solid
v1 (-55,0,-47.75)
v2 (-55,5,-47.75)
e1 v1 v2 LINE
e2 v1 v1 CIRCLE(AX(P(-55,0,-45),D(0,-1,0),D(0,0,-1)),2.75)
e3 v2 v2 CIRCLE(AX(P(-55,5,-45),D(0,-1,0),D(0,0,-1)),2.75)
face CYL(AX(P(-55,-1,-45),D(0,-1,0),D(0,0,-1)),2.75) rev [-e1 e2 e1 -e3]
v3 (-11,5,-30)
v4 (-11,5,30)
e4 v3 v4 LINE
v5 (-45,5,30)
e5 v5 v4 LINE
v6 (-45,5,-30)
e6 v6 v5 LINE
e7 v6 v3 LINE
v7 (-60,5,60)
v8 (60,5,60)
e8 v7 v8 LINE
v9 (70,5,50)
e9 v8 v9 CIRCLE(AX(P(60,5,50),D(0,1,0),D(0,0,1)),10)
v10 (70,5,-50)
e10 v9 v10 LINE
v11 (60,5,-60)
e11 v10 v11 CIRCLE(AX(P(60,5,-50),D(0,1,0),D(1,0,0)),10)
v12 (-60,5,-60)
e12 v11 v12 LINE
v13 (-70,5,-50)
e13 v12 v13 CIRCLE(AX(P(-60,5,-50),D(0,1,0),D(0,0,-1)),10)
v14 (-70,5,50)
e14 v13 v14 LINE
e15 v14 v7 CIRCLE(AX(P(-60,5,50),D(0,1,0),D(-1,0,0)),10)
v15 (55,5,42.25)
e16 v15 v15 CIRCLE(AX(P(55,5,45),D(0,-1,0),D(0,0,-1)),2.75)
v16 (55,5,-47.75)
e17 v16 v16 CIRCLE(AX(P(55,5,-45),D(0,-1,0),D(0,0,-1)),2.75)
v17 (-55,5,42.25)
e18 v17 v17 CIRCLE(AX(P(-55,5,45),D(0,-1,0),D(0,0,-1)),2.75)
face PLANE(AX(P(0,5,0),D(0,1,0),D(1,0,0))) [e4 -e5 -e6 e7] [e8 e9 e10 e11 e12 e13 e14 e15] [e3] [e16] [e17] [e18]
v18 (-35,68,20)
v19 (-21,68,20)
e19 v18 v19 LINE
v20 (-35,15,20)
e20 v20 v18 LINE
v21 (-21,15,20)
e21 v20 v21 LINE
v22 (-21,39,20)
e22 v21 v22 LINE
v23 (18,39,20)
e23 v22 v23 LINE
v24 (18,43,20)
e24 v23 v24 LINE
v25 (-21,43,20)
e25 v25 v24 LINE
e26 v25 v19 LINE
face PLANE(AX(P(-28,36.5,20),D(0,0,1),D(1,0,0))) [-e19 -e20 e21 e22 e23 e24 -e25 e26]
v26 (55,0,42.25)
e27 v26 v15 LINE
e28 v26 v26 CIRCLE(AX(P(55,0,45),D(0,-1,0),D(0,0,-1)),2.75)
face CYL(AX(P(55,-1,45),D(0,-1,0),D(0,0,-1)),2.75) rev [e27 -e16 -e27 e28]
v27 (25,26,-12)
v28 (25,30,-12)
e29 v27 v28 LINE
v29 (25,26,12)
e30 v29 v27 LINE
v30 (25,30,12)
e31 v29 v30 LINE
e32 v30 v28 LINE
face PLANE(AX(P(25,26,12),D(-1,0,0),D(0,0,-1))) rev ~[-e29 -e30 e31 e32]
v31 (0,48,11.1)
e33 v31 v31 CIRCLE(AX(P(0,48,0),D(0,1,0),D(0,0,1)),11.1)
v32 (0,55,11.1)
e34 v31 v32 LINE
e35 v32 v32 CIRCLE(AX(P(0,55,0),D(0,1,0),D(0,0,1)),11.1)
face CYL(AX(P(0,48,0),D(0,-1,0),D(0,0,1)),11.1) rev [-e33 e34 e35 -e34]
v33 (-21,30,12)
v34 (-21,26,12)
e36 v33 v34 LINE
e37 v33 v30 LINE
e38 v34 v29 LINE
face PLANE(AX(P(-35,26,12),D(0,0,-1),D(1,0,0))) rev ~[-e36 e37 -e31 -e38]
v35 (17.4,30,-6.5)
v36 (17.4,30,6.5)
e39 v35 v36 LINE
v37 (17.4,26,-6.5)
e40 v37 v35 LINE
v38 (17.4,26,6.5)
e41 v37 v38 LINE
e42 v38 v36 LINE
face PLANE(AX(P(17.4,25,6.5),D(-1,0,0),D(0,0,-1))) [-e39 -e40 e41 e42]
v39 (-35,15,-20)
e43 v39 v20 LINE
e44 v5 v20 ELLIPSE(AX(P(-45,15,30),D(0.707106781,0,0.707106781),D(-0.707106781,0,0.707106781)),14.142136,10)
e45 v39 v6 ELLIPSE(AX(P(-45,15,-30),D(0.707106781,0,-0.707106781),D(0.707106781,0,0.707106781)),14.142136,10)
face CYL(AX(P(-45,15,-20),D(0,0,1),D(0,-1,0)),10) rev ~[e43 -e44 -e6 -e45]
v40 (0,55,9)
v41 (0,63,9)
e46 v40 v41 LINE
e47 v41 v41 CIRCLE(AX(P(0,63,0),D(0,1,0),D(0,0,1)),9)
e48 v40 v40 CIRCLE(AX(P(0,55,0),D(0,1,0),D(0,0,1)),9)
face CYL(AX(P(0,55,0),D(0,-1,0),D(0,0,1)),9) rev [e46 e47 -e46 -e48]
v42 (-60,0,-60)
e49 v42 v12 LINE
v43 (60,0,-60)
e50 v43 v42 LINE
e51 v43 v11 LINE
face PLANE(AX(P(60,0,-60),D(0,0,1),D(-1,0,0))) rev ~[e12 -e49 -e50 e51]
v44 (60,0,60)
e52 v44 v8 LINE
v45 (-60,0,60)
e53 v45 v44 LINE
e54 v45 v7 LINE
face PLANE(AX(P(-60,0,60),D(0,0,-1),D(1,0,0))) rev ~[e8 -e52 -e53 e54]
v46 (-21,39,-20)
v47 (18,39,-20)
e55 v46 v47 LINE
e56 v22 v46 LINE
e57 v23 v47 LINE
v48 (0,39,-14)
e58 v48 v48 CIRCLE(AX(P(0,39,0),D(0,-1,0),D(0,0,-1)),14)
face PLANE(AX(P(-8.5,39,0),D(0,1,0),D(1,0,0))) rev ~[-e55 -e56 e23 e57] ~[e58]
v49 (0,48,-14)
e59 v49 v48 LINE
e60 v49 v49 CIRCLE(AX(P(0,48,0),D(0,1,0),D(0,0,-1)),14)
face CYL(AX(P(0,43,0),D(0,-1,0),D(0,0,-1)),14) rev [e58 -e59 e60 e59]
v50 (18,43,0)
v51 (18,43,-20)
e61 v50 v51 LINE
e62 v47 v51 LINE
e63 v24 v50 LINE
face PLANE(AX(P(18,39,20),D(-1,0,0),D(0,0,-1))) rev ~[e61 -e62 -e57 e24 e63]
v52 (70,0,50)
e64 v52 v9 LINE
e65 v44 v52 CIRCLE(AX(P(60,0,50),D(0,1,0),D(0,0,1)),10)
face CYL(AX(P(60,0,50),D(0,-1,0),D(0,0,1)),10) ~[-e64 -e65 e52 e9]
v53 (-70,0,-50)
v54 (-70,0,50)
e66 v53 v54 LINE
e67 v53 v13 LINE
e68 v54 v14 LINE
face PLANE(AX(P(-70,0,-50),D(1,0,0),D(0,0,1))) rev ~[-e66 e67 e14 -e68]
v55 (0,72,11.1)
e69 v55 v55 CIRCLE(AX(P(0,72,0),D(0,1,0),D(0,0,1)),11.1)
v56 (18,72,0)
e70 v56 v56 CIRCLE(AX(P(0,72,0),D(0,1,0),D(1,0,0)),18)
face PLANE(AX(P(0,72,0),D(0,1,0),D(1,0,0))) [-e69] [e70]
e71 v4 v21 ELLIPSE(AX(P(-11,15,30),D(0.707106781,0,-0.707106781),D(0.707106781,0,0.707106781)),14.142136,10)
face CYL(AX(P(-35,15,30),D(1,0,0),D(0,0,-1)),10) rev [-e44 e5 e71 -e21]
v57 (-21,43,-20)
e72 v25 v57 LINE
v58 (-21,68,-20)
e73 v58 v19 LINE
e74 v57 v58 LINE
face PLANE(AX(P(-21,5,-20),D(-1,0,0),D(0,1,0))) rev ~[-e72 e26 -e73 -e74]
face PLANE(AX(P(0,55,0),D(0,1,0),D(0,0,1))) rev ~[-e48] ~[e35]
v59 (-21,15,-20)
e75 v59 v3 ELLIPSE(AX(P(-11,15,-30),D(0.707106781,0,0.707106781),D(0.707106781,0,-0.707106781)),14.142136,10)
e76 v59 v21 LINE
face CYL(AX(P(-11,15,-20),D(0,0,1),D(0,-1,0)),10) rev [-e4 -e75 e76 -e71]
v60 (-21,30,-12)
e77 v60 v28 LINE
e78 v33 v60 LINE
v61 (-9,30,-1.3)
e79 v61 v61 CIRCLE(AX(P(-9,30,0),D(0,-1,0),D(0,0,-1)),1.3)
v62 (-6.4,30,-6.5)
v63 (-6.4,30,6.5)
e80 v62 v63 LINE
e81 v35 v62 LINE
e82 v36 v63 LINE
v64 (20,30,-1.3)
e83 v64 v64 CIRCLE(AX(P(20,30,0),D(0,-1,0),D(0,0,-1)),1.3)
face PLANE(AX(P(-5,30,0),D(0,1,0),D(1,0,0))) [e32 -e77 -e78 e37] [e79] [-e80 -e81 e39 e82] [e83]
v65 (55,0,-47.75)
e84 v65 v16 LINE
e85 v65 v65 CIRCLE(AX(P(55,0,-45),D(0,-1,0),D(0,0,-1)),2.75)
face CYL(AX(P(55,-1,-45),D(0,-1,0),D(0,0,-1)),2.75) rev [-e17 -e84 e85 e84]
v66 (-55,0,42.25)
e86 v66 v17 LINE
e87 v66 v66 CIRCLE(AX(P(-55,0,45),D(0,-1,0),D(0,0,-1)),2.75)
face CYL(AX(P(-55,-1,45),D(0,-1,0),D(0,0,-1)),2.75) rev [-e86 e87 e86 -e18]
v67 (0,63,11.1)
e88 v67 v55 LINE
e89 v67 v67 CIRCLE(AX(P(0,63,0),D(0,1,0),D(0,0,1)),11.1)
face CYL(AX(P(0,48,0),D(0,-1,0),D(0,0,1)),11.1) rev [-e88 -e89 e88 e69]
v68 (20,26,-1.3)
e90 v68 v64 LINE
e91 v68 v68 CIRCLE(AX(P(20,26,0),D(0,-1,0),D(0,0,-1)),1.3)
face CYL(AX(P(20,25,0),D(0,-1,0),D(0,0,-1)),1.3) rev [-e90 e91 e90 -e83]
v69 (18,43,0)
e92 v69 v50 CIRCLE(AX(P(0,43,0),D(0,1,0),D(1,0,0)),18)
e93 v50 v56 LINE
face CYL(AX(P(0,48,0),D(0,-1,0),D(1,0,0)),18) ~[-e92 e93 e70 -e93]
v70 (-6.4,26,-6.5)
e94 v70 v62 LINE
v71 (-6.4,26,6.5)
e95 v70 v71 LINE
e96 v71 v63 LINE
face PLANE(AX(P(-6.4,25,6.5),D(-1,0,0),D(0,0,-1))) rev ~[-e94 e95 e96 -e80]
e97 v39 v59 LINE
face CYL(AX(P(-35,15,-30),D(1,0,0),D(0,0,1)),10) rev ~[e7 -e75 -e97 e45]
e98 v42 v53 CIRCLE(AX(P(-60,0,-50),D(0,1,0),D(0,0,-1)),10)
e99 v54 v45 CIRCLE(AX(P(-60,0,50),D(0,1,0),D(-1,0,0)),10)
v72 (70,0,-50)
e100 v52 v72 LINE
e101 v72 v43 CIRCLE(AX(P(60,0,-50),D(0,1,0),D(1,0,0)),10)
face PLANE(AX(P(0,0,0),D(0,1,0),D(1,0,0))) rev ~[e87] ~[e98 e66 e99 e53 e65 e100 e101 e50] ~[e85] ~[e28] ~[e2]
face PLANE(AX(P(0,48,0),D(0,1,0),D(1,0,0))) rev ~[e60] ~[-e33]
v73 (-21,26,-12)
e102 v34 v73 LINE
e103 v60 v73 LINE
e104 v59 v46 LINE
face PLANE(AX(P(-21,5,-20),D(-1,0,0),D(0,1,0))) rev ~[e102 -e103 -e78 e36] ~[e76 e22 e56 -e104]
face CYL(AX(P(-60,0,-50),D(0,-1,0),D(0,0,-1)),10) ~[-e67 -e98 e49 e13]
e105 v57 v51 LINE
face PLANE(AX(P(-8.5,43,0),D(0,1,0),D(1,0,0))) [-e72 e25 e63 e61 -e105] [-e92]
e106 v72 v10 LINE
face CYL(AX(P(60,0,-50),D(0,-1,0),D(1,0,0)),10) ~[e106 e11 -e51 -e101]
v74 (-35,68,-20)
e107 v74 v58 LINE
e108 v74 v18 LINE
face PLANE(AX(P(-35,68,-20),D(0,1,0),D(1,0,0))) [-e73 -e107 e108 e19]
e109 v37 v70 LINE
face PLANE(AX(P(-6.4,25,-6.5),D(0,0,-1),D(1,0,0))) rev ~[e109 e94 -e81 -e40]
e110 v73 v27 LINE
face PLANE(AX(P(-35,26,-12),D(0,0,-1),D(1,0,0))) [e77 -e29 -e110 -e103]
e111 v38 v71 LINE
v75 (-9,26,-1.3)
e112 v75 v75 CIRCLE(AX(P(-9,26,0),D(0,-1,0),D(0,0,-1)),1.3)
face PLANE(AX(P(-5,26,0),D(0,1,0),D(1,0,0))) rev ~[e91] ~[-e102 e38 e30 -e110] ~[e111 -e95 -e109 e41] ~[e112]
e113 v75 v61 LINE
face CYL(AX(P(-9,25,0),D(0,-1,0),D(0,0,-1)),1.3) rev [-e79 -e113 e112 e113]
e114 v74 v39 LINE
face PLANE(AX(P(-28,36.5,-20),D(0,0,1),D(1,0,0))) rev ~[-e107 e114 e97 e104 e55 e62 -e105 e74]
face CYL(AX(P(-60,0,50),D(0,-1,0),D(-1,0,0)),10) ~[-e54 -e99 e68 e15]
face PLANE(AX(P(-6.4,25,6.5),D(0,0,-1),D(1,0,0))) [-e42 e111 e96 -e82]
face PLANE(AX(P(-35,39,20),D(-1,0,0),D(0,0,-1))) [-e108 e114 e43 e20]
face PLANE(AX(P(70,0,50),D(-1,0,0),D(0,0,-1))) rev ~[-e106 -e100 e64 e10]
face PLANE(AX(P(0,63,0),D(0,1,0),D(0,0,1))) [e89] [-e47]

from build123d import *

# Parameters (mm, degrees)
BENCH_FOOTPRINT_140X120_DEPTH           = 5
BACKBONE_START                          = -20
BACKBONE_PROFILE_W                      = 14
BACKBONE_PROFILE_H                      = 63
BACKBONE_DEPTH                          = 40
SERVO_SHELF_START                       = 26
SERVO_SHELF_PROFILE_W                   = 60
SERVO_SHELF_PROFILE_H                   = 24
SERVO_SHELF_DEPTH                       = 4
SERVO_BODY_WINDOW_START                 = 25
SERVO_BODY_WINDOW_PROFILE_W             = 23.8
SERVO_BODY_WINDOW_PROFILE_H             = 13
SERVO_BODY_WINDOW_DEPTH                 = 90.560027933
YAW_SERVO_FASTENERS_START               = 25
YAW_SERVO_FASTENERS_PROFILE_R           = 1.3
YAW_SERVO_FASTENERS_DEPTH               = 90.560027933
BEARING_BRIDGE_START                    = 39
BEARING_BRIDGE_PROFILE_W                = 53
BEARING_BRIDGE_PROFILE_H                = 40
BEARING_BRIDGE_DEPTH                    = 4
BRIDGE_HORN_CLEARANCE_START             = 38
BRIDGE_HORN_CLEARANCE_PROFILE_R         = 14
BRIDGE_HORN_CLEARANCE_DEPTH             = 77.560027933
DRIVE_COLLAR_CHAMBER_START              = 43
DRIVE_COLLAR_CHAMBER_PROFILE_R          = 18
DRIVE_COLLAR_CHAMBER_PROFILE_R_2        = 14
DRIVE_COLLAR_CHAMBER_DEPTH              = 5
BEARING_TOWER_START                     = 48
BEARING_TOWER_PROFILE_R                 = 18
BEARING_TOWER_PROFILE_R_2               = 11.1
BEARING_TOWER_DEPTH                     = 24
BEARING_SEPARATION_SHOULDER_START       = 55
BEARING_SEPARATION_SHOULDER_PROFILE_R   = 11.1
BEARING_SEPARATION_SHOULDER_PROFILE_R_2 = 9
BEARING_SEPARATION_SHOULDER_DEPTH       = 8
BENCH_CLAMP_HOLES_START                 = -1
BENCH_CLAMP_HOLES_PROFILE_R             = 2.75
BENCH_CLAMP_HOLES_DEPTH                 = 118.978630527
FILLET1_R                               = 10


with BuildPart() as part:
    # Bench_footprint_140x120_profile → Bench_footprint_140x120 (new body)
    with BuildSketch(Plane(origin=(0, 0, 0), x_dir=(1, 0, 0), z_dir=(0, 1, 0))):
        with BuildLine():
            Line((-60, -60), (60, -60))
            ThreePointArc((60, -60), (67.071067812, -57.071067812), (70, -50))
            Line((70, -50), (70, 50))
            ThreePointArc((70, 50), (67.071067812, 57.071067812), (60, 60))
            Line((60, 60), (-60, 60))
            ThreePointArc((-60, 60), (-67.071067812, 57.071067812), (-70, 50))
            Line((-70, 50), (-70, -50))
            ThreePointArc((-70, -50), (-67.071067812, -57.071067812), (-60, -60))
        make_face()
    extrude(amount=BENCH_FOOTPRINT_140X120_DEPTH)

    # Backbone_profile → Backbone (add)
    with BuildSketch(Plane.XY.offset(BACKBONE_START)):
        with Locations((-28, 36.5)):
            Rectangle(BACKBONE_PROFILE_W, BACKBONE_PROFILE_H)
    extrude(amount=BACKBONE_DEPTH)

    # Servo_shelf_profile → Servo_shelf (add)
    with BuildSketch(Plane(origin=(0, 0, 0), x_dir=(1, 0, 0), z_dir=(0, 1, 0)).offset(SERVO_SHELF_START)):
        with Locations((-5, 0)):
            Rectangle(SERVO_SHELF_PROFILE_W, SERVO_SHELF_PROFILE_H)
    extrude(amount=SERVO_SHELF_DEPTH)

    # Servo_body_window_profile → Servo_body_window (cut, through all)
    with BuildSketch(Plane(origin=(0, 0, 0), x_dir=(1, 0, 0), z_dir=(0, 1, 0)).offset(SERVO_BODY_WINDOW_START)):
        with Locations((5.5, 0)):
            Rectangle(SERVO_BODY_WINDOW_PROFILE_W, SERVO_BODY_WINDOW_PROFILE_H)
    extrude(amount=SERVO_BODY_WINDOW_DEPTH, mode=Mode.SUBTRACT)

    # Yaw_servo_fasteners_profile → Yaw_servo_fasteners (cut, through all)
    with BuildSketch(Plane(origin=(0, 0, 0), x_dir=(1, 0, 0), z_dir=(0, 1, 0)).offset(YAW_SERVO_FASTENERS_START)):
        with Locations(Location((-9, 0, 0), (0, 0, 90))):
            Circle(YAW_SERVO_FASTENERS_PROFILE_R)
        with Locations(Location((20, 0, 0), (0, 0, 90))):
            Circle(YAW_SERVO_FASTENERS_PROFILE_R)
    extrude(amount=YAW_SERVO_FASTENERS_DEPTH, mode=Mode.SUBTRACT)

    # Bearing_bridge_profile → Bearing_bridge (add)
    with BuildSketch(Plane(origin=(0, 0, 0), x_dir=(1, 0, 0), z_dir=(0, 1, 0)).offset(BEARING_BRIDGE_START)):
        with Locations((-8.5, 0)):
            Rectangle(BEARING_BRIDGE_PROFILE_W, BEARING_BRIDGE_PROFILE_H)
    extrude(amount=BEARING_BRIDGE_DEPTH)

    # Bridge_horn_clearance_profile → Bridge_horn_clearance (cut, through all)
    with BuildSketch(Plane(origin=(0, 0, 0), x_dir=(1, 0, 0), z_dir=(0, 1, 0)).offset(BRIDGE_HORN_CLEARANCE_START)):
        with Locations(Location((0, 0, 0), (0, 0, 90))):
            Circle(BRIDGE_HORN_CLEARANCE_PROFILE_R)
    extrude(amount=BRIDGE_HORN_CLEARANCE_DEPTH, mode=Mode.SUBTRACT)

    # Drive_collar_chamber_profile → Drive_collar_chamber (add)
    with BuildSketch(Plane(origin=(0, 0, 0), x_dir=(1, 0, 0), z_dir=(0, 1, 0)).offset(DRIVE_COLLAR_CHAMBER_START)):
        Circle(DRIVE_COLLAR_CHAMBER_PROFILE_R)
        with Locations(Location((0, 0, 0), (0, 0, 90))):
            Circle(DRIVE_COLLAR_CHAMBER_PROFILE_R_2, mode=Mode.SUBTRACT)
    extrude(amount=DRIVE_COLLAR_CHAMBER_DEPTH)

    # Bearing_tower_profile → Bearing_tower (add)
    with BuildSketch(Plane(origin=(0, 0, 0), x_dir=(1, 0, 0), z_dir=(0, 1, 0)).offset(BEARING_TOWER_START)):
        Circle(BEARING_TOWER_PROFILE_R)
        with Locations(Location((0, 0, 0), (0, 0, 270))):
            Circle(BEARING_TOWER_PROFILE_R_2, mode=Mode.SUBTRACT)
    extrude(amount=BEARING_TOWER_DEPTH)

    # Bearing_separation_shoulder_profile → Bearing_separation_shoulder (add)
    with BuildSketch(Plane(origin=(0, 0, 0), x_dir=(1, 0, 0), z_dir=(0, 1, 0)).offset(BEARING_SEPARATION_SHOULDER_START)):
        with Locations(Location((0, 0, 0), (0, 0, 270))):
            Circle(BEARING_SEPARATION_SHOULDER_PROFILE_R)
        with Locations(Location((0, 0, 0), (0, 0, 270))):
            Circle(BEARING_SEPARATION_SHOULDER_PROFILE_R_2, mode=Mode.SUBTRACT)
    extrude(amount=BEARING_SEPARATION_SHOULDER_DEPTH)

    # Bench_clamp_holes_profile → Bench_clamp_holes (cut, through all)
    with BuildSketch(Plane(origin=(0, 0, 0), x_dir=(1, 0, 0), z_dir=(0, 1, 0)).offset(BENCH_CLAMP_HOLES_START)):
        with Locations(Location((-55, -45, 0), (0, 0, 90))):
            Circle(BENCH_CLAMP_HOLES_PROFILE_R)
        with Locations(Location((55, -45, 0), (0, 0, 90))):
            Circle(BENCH_CLAMP_HOLES_PROFILE_R)
        with Locations(Location((-55, 45, 0), (0, 0, 90))):
            Circle(BENCH_CLAMP_HOLES_PROFILE_R)
        with Locations(Location((55, 45, 0), (0, 0, 90))):
            Circle(BENCH_CLAMP_HOLES_PROFILE_R)
    extrude(amount=BENCH_CLAMP_HOLES_DEPTH, mode=Mode.SUBTRACT)

    # Fillet1
    fillet1_edges = [part.edges().sort_by_distance(p)[0] for p in [
        (-28, 5, -20),
        (-35, 5, 0),
        (-21, 5, 0),
        (-28, 5, 20),
    ]]
    fillet(fillet1_edges, radius=FILLET1_R)


solid = part.part
